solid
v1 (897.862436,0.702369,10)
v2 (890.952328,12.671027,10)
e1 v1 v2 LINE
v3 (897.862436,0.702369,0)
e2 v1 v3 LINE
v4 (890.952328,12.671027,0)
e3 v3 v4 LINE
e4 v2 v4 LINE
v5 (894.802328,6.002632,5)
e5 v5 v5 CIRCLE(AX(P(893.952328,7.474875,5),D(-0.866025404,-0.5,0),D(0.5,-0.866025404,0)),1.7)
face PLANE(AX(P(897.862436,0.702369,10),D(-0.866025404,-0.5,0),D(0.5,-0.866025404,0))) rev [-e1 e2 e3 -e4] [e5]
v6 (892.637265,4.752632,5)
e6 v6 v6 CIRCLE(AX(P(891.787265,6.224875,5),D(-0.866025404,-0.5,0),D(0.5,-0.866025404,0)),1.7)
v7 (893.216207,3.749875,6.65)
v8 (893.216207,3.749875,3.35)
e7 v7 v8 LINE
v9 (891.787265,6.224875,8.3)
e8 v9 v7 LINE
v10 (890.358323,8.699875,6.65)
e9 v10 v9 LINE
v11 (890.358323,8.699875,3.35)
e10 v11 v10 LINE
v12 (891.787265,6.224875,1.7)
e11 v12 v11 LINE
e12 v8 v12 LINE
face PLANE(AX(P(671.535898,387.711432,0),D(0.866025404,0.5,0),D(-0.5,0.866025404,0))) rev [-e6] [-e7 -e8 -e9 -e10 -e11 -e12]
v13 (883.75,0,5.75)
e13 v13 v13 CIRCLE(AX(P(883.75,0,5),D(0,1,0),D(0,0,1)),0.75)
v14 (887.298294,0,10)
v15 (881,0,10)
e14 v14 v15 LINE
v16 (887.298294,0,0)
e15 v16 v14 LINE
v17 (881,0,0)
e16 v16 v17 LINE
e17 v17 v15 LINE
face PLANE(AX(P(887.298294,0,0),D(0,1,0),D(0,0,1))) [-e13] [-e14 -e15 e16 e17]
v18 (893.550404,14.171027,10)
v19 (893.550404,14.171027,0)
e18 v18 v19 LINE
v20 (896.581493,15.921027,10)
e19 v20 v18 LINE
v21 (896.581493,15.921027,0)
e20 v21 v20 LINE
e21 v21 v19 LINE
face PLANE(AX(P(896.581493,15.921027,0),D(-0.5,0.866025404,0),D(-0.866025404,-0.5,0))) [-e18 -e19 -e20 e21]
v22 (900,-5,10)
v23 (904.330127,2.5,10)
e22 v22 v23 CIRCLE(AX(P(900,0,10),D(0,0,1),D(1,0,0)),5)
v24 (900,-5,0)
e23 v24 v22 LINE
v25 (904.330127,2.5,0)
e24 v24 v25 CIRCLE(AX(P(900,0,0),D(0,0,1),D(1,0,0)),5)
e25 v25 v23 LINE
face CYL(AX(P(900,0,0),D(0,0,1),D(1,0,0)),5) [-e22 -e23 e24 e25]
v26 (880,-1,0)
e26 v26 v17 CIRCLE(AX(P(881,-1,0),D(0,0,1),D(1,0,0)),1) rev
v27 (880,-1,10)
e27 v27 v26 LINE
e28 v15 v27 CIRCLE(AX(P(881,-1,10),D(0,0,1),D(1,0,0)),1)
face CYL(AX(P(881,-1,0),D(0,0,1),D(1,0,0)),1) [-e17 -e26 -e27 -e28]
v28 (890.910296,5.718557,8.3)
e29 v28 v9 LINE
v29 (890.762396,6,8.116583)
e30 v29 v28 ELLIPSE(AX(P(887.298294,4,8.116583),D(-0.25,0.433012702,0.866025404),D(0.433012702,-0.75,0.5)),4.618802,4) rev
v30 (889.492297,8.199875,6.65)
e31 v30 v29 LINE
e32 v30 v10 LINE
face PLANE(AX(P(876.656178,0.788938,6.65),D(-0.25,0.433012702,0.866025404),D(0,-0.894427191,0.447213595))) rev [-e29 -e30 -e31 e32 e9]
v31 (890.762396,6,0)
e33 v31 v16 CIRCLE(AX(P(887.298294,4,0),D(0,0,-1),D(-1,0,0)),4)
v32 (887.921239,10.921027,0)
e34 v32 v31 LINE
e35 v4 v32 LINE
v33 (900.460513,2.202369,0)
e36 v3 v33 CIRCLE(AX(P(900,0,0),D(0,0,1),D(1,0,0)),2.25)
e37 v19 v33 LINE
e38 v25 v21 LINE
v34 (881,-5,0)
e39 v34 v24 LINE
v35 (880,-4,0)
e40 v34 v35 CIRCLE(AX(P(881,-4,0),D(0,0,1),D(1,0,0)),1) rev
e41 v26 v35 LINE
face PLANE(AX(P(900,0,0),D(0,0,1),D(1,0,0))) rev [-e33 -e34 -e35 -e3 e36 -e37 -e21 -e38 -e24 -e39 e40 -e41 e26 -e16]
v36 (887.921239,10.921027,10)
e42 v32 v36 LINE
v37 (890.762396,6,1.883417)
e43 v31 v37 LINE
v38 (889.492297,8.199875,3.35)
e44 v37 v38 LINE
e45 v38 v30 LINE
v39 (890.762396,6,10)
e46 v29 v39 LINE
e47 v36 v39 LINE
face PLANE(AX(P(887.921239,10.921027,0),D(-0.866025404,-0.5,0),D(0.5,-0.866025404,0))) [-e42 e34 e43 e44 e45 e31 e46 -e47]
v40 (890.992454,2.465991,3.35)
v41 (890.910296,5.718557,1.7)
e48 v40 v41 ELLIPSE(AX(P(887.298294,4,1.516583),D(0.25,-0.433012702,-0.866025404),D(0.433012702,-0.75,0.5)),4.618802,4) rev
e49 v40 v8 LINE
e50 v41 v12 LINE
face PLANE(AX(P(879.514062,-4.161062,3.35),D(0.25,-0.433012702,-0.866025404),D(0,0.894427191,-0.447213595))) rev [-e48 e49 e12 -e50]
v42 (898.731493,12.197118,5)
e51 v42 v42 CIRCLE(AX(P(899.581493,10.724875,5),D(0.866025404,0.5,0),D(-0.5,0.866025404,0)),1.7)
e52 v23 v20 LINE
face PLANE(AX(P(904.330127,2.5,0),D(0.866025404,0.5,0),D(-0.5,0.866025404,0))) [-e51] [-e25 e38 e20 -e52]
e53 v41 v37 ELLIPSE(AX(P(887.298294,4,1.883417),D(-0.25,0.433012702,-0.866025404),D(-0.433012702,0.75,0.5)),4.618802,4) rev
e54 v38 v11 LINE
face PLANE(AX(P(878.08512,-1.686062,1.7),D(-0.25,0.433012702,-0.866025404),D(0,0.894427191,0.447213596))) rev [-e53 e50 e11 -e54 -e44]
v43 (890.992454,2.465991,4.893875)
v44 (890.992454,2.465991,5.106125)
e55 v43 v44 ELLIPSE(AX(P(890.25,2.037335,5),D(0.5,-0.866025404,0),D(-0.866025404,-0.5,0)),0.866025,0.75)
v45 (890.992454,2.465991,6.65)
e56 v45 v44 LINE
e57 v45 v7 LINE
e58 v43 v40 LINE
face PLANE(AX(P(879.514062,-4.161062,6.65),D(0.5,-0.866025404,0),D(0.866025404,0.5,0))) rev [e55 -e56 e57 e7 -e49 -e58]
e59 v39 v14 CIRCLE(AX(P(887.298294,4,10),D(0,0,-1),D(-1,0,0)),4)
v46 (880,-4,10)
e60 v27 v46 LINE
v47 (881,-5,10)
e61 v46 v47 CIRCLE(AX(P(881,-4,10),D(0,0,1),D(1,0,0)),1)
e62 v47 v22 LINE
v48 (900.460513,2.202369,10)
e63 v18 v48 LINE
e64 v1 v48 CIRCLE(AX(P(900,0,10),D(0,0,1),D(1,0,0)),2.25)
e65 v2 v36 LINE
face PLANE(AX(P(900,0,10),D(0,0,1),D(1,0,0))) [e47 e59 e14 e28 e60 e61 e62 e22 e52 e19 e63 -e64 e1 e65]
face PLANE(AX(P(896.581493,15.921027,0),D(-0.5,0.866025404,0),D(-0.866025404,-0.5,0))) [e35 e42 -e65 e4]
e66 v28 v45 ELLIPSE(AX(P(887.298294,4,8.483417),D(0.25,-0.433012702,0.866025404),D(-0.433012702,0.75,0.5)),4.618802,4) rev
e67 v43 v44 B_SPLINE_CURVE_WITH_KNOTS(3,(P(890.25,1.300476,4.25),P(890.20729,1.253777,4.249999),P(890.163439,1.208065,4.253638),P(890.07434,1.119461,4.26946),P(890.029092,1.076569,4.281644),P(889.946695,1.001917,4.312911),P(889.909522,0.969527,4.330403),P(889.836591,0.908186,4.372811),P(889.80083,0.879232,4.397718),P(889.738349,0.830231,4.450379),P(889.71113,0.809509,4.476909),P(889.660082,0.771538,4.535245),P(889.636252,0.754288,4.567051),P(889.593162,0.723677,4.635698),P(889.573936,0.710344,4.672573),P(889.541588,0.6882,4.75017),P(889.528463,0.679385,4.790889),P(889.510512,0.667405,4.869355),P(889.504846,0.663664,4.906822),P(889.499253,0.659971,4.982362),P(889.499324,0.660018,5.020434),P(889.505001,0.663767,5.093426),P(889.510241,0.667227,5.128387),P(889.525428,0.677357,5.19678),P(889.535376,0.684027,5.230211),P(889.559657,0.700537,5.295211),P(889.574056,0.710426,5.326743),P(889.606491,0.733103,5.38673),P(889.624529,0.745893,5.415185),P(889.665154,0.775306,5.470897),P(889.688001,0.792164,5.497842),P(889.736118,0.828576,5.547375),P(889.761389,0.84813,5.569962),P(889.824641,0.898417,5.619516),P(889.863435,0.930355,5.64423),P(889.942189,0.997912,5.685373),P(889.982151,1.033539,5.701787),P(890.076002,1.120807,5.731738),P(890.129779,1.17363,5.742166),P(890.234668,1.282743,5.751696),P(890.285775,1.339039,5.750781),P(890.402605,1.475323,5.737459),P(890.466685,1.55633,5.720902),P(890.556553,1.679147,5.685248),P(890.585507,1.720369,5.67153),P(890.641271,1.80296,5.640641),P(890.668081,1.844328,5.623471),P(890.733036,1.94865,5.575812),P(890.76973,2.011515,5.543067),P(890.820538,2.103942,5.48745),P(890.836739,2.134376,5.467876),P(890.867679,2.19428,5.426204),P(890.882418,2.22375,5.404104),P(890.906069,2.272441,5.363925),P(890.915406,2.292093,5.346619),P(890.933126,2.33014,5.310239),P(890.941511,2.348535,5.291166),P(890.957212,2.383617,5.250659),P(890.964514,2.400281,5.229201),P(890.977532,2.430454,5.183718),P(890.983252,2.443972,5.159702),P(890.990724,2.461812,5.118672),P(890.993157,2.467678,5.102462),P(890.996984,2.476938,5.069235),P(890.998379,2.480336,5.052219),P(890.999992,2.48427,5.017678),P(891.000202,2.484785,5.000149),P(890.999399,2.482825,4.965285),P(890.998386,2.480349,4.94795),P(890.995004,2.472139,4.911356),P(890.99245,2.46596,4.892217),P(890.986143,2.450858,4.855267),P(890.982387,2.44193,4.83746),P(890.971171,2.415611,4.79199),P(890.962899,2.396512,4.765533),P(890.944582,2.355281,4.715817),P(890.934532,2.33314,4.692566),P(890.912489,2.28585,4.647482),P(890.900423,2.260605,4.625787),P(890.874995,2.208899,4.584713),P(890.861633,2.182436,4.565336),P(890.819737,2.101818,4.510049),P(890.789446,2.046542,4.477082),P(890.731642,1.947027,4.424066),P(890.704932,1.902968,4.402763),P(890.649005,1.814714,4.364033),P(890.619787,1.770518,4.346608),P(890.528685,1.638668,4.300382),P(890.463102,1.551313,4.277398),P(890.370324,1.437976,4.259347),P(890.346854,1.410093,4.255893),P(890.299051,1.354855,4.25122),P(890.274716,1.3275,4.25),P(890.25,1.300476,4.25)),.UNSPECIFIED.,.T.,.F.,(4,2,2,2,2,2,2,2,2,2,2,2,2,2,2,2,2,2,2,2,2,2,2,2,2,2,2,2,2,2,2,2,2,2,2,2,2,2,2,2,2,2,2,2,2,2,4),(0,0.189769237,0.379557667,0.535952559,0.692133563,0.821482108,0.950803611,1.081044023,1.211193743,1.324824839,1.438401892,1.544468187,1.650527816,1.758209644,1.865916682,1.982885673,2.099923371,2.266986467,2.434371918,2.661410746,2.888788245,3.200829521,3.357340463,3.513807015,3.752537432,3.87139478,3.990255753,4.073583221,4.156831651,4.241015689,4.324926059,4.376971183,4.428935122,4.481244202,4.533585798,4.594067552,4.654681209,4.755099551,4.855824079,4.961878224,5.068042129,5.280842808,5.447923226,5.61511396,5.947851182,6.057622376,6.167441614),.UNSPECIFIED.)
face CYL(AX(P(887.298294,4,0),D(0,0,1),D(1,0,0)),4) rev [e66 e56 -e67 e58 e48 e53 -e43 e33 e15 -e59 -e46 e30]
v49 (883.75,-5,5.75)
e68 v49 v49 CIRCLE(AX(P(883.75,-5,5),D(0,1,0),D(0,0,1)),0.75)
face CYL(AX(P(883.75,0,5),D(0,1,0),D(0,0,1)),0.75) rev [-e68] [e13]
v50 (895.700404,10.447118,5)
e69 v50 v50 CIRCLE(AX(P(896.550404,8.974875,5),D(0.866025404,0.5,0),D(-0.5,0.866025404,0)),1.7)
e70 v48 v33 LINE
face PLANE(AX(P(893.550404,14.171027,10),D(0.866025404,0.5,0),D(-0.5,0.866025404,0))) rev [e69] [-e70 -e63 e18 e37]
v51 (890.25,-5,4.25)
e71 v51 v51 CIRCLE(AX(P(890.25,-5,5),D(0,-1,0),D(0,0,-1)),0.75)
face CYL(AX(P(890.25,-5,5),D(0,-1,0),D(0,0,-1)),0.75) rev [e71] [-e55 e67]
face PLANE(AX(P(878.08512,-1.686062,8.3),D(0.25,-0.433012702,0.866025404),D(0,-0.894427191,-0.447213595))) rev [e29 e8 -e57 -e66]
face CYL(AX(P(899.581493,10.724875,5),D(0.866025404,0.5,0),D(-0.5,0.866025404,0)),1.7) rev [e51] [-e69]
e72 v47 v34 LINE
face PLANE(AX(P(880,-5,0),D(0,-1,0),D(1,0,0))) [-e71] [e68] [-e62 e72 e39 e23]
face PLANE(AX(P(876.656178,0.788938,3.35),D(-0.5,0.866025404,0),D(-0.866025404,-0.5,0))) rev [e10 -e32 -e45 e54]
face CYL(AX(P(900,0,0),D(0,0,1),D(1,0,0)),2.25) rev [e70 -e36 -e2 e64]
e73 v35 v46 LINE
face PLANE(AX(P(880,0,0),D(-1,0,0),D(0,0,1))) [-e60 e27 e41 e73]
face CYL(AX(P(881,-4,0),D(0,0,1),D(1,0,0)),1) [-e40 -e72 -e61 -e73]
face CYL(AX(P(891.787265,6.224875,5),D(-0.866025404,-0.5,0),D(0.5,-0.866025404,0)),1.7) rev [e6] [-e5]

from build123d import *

# Parameters (mm, degrees)
EXTRUDE_1_DEPTH              = 10
CUT_EXTRUDE_1_DEPTH          = 906.195271262
CUT_EXTRUDE_2_REACH          = 458.977
SKETCH_4_W                   = 2.25
SKETCH_4_H                   = 10
HOLE_WIZARD_3_4_3_4_1_D      = 3.4
HOLE_WIZARD_3_4_3_4_1_DEPTH  = 3.5
HOLE_WIZARD_1_5_1_5_1_D      = 1.5
SKETCH_9_W                   = 1.7
SKETCH_9_H                   = 16.290640731
HOLE_WIZARD_1_5_1_5_2_REACH  = 907.297
HOLE_WIZARD_1_5_1_5_2_BORE_R = 0.75
FILLET_1_R                   = 1


with BuildPart() as part:
    # 草图1 → 凸台-拉伸1 (new body)
    with BuildSketch(Plane.XY.offset(10)):
        with BuildLine():
            Line((904.330127019, 2.5), (896.581493223, 15.921027424))
            Line((896.581493223, 15.921027424), (887.921239185, 10.921027424))
            Line((887.921239185, 10.921027424), (890.762395693, 6))
            ThreePointArc((890.762395693, 6), (890.762395693, 2), (887.298294078, 0))
            Line((887.298294078, 0), (880, 0))
            Line((880, 0), (880, -5))
            Line((880, -5), (900, -5))
            ThreePointArc((900, -5), (904.330127019, -2.5), (904.330127019, 2.5))
        make_face()
    extrude(amount=-EXTRUDE_1_DEPTH)

    # 草图2 → 切除-拉伸1 (cut, through all)
    with BuildSketch(Plane(origin=(0, 0, 0), x_dir=(-1, 0, 0), z_dir=(0, 0, -1))):
        with BuildLine():
            Line((-890.952328098, 12.671027424), (-893.55040431, 14.171027424))
            Line((-893.55040431, 14.171027424), (-900.460512614, 2.202368755))
            ThreePointArc((-900.460512614, 2.202368755), (-898.875, 1.948557159), (-897.862436403, 0.702368755))
            Line((-897.862436403, 0.702368755), (-890.952328098, 12.671027424))
        make_face()
    extrude(amount=-CUT_EXTRUDE_1_DEPTH, mode=Mode.SUBTRACT)

    # 草图3 → 切除-拉伸2 (cut, up to next)
    with BuildSketch(Plane(origin=(671.535898385, 387.711431703, 0), x_dir=(-0.4999999999999999, 0.8660254037844386, 0), z_dir=(0.8660254037844387, 0.49999999999999994, 0)), mode=Mode.PRIVATE) as cut_extrude_2_sk1:
        Polygon((-437.644848575, 6.65), (-440.502732408, 8.3), (-443.36061624, 6.65), (-443.36061624, 3.35), (-440.502732408, 1.7), (-437.644848575, 3.35), align=None)
    cut_extrude_2_tool1 = extrude(cut_extrude_2_sk1.sketch, amount=-CUT_EXTRUDE_2_REACH, mode=Mode.PRIVATE) & part.part
    add(cut_extrude_2_tool1.solids().sort_by_distance((891.787265, 6.224875, 5))[0], mode=Mode.SUBTRACT)

    # 草图4 → 切除-旋转1 (revolve, cut)
    with BuildSketch(Plane(origin=(0, 0, 0), x_dir=(1, 0, 0), z_dir=(0, 1, 0))):
        with Locations((901.125, -5)):
            Rectangle(SKETCH_4_W, SKETCH_4_H)
    revolve(axis=Axis((900, 0, 0), (0, 0, 1)), mode=Mode.SUBTRACT)

    # Ø3.4 (3.4) 直径孔1
    with Locations(Plane(origin=(679.330127019, 392.211431703, 0), x_dir=(0, 0, -1), z_dir=(0.8660254037844565, 0.4999999999999692, 0))):
        with Locations((-5, -440.502732408)):
            Hole(HOLE_WIZARD_3_4_3_4_1_D / 2, depth=HOLE_WIZARD_3_4_3_4_1_DEPTH)

    # Ø1.5 (1.5) 直径孔1 (through all)
    with Locations(Plane(origin=(0, 0, 0), x_dir=(1, 0, 0), z_dir=(0, 1, 0))):
        with Locations((883.75, -5)):
            Hole(HOLE_WIZARD_1_5_1_5_1_D / 2)

    # 草图9 → Ø3.4 (3.4) 直径孔2 (revolve, cut)
    with BuildSketch(Plane(origin=(891.787264589, 6.224875001, 5), x_dir=(0.49999999999991085, -0.8660254037844902, 0), z_dir=(0, 0, 1))):
        with Locations((0.85, 8.145320365)):
            Rectangle(SKETCH_9_W, SKETCH_9_H)
    revolve(axis=Axis((886.288003275, 3.049875001, 5), (0.8660254037844902, 0.4999999999999106, 0)), mode=Mode.SUBTRACT)

    # Ø1.5 (1.5) 直径孔2 bore → Ø1.5 (1.5) 直径孔2 (cut, up to next)
    with BuildSketch(Plane(origin=(0, -5, 0), x_dir=(-1, 0, 0), z_dir=(0, -1, 0)), mode=Mode.PRIVATE) as hole_wizard_1_5_1_5_2_sk1:
        with Locations((-890.25, -5)):
            Circle(HOLE_WIZARD_1_5_1_5_2_BORE_R)
    hole_wizard_1_5_1_5_2_tool1 = extrude(hole_wizard_1_5_1_5_2_sk1.sketch, amount=-HOLE_WIZARD_1_5_1_5_2_REACH, mode=Mode.PRIVATE) & part.part
    add(hole_wizard_1_5_1_5_2_tool1.solids().sort_by_distance((890.25, -5, 5))[0], mode=Mode.SUBTRACT)

    # 圆角1
    fillet_1_edges = [part.edges().sort_by_distance(p)[0] for p in [
        (880, -5, 5),
        (880, 0, 5),
    ]]
    fillet(fillet_1_edges, radius=FILLET_1_R)


solid = part.part
